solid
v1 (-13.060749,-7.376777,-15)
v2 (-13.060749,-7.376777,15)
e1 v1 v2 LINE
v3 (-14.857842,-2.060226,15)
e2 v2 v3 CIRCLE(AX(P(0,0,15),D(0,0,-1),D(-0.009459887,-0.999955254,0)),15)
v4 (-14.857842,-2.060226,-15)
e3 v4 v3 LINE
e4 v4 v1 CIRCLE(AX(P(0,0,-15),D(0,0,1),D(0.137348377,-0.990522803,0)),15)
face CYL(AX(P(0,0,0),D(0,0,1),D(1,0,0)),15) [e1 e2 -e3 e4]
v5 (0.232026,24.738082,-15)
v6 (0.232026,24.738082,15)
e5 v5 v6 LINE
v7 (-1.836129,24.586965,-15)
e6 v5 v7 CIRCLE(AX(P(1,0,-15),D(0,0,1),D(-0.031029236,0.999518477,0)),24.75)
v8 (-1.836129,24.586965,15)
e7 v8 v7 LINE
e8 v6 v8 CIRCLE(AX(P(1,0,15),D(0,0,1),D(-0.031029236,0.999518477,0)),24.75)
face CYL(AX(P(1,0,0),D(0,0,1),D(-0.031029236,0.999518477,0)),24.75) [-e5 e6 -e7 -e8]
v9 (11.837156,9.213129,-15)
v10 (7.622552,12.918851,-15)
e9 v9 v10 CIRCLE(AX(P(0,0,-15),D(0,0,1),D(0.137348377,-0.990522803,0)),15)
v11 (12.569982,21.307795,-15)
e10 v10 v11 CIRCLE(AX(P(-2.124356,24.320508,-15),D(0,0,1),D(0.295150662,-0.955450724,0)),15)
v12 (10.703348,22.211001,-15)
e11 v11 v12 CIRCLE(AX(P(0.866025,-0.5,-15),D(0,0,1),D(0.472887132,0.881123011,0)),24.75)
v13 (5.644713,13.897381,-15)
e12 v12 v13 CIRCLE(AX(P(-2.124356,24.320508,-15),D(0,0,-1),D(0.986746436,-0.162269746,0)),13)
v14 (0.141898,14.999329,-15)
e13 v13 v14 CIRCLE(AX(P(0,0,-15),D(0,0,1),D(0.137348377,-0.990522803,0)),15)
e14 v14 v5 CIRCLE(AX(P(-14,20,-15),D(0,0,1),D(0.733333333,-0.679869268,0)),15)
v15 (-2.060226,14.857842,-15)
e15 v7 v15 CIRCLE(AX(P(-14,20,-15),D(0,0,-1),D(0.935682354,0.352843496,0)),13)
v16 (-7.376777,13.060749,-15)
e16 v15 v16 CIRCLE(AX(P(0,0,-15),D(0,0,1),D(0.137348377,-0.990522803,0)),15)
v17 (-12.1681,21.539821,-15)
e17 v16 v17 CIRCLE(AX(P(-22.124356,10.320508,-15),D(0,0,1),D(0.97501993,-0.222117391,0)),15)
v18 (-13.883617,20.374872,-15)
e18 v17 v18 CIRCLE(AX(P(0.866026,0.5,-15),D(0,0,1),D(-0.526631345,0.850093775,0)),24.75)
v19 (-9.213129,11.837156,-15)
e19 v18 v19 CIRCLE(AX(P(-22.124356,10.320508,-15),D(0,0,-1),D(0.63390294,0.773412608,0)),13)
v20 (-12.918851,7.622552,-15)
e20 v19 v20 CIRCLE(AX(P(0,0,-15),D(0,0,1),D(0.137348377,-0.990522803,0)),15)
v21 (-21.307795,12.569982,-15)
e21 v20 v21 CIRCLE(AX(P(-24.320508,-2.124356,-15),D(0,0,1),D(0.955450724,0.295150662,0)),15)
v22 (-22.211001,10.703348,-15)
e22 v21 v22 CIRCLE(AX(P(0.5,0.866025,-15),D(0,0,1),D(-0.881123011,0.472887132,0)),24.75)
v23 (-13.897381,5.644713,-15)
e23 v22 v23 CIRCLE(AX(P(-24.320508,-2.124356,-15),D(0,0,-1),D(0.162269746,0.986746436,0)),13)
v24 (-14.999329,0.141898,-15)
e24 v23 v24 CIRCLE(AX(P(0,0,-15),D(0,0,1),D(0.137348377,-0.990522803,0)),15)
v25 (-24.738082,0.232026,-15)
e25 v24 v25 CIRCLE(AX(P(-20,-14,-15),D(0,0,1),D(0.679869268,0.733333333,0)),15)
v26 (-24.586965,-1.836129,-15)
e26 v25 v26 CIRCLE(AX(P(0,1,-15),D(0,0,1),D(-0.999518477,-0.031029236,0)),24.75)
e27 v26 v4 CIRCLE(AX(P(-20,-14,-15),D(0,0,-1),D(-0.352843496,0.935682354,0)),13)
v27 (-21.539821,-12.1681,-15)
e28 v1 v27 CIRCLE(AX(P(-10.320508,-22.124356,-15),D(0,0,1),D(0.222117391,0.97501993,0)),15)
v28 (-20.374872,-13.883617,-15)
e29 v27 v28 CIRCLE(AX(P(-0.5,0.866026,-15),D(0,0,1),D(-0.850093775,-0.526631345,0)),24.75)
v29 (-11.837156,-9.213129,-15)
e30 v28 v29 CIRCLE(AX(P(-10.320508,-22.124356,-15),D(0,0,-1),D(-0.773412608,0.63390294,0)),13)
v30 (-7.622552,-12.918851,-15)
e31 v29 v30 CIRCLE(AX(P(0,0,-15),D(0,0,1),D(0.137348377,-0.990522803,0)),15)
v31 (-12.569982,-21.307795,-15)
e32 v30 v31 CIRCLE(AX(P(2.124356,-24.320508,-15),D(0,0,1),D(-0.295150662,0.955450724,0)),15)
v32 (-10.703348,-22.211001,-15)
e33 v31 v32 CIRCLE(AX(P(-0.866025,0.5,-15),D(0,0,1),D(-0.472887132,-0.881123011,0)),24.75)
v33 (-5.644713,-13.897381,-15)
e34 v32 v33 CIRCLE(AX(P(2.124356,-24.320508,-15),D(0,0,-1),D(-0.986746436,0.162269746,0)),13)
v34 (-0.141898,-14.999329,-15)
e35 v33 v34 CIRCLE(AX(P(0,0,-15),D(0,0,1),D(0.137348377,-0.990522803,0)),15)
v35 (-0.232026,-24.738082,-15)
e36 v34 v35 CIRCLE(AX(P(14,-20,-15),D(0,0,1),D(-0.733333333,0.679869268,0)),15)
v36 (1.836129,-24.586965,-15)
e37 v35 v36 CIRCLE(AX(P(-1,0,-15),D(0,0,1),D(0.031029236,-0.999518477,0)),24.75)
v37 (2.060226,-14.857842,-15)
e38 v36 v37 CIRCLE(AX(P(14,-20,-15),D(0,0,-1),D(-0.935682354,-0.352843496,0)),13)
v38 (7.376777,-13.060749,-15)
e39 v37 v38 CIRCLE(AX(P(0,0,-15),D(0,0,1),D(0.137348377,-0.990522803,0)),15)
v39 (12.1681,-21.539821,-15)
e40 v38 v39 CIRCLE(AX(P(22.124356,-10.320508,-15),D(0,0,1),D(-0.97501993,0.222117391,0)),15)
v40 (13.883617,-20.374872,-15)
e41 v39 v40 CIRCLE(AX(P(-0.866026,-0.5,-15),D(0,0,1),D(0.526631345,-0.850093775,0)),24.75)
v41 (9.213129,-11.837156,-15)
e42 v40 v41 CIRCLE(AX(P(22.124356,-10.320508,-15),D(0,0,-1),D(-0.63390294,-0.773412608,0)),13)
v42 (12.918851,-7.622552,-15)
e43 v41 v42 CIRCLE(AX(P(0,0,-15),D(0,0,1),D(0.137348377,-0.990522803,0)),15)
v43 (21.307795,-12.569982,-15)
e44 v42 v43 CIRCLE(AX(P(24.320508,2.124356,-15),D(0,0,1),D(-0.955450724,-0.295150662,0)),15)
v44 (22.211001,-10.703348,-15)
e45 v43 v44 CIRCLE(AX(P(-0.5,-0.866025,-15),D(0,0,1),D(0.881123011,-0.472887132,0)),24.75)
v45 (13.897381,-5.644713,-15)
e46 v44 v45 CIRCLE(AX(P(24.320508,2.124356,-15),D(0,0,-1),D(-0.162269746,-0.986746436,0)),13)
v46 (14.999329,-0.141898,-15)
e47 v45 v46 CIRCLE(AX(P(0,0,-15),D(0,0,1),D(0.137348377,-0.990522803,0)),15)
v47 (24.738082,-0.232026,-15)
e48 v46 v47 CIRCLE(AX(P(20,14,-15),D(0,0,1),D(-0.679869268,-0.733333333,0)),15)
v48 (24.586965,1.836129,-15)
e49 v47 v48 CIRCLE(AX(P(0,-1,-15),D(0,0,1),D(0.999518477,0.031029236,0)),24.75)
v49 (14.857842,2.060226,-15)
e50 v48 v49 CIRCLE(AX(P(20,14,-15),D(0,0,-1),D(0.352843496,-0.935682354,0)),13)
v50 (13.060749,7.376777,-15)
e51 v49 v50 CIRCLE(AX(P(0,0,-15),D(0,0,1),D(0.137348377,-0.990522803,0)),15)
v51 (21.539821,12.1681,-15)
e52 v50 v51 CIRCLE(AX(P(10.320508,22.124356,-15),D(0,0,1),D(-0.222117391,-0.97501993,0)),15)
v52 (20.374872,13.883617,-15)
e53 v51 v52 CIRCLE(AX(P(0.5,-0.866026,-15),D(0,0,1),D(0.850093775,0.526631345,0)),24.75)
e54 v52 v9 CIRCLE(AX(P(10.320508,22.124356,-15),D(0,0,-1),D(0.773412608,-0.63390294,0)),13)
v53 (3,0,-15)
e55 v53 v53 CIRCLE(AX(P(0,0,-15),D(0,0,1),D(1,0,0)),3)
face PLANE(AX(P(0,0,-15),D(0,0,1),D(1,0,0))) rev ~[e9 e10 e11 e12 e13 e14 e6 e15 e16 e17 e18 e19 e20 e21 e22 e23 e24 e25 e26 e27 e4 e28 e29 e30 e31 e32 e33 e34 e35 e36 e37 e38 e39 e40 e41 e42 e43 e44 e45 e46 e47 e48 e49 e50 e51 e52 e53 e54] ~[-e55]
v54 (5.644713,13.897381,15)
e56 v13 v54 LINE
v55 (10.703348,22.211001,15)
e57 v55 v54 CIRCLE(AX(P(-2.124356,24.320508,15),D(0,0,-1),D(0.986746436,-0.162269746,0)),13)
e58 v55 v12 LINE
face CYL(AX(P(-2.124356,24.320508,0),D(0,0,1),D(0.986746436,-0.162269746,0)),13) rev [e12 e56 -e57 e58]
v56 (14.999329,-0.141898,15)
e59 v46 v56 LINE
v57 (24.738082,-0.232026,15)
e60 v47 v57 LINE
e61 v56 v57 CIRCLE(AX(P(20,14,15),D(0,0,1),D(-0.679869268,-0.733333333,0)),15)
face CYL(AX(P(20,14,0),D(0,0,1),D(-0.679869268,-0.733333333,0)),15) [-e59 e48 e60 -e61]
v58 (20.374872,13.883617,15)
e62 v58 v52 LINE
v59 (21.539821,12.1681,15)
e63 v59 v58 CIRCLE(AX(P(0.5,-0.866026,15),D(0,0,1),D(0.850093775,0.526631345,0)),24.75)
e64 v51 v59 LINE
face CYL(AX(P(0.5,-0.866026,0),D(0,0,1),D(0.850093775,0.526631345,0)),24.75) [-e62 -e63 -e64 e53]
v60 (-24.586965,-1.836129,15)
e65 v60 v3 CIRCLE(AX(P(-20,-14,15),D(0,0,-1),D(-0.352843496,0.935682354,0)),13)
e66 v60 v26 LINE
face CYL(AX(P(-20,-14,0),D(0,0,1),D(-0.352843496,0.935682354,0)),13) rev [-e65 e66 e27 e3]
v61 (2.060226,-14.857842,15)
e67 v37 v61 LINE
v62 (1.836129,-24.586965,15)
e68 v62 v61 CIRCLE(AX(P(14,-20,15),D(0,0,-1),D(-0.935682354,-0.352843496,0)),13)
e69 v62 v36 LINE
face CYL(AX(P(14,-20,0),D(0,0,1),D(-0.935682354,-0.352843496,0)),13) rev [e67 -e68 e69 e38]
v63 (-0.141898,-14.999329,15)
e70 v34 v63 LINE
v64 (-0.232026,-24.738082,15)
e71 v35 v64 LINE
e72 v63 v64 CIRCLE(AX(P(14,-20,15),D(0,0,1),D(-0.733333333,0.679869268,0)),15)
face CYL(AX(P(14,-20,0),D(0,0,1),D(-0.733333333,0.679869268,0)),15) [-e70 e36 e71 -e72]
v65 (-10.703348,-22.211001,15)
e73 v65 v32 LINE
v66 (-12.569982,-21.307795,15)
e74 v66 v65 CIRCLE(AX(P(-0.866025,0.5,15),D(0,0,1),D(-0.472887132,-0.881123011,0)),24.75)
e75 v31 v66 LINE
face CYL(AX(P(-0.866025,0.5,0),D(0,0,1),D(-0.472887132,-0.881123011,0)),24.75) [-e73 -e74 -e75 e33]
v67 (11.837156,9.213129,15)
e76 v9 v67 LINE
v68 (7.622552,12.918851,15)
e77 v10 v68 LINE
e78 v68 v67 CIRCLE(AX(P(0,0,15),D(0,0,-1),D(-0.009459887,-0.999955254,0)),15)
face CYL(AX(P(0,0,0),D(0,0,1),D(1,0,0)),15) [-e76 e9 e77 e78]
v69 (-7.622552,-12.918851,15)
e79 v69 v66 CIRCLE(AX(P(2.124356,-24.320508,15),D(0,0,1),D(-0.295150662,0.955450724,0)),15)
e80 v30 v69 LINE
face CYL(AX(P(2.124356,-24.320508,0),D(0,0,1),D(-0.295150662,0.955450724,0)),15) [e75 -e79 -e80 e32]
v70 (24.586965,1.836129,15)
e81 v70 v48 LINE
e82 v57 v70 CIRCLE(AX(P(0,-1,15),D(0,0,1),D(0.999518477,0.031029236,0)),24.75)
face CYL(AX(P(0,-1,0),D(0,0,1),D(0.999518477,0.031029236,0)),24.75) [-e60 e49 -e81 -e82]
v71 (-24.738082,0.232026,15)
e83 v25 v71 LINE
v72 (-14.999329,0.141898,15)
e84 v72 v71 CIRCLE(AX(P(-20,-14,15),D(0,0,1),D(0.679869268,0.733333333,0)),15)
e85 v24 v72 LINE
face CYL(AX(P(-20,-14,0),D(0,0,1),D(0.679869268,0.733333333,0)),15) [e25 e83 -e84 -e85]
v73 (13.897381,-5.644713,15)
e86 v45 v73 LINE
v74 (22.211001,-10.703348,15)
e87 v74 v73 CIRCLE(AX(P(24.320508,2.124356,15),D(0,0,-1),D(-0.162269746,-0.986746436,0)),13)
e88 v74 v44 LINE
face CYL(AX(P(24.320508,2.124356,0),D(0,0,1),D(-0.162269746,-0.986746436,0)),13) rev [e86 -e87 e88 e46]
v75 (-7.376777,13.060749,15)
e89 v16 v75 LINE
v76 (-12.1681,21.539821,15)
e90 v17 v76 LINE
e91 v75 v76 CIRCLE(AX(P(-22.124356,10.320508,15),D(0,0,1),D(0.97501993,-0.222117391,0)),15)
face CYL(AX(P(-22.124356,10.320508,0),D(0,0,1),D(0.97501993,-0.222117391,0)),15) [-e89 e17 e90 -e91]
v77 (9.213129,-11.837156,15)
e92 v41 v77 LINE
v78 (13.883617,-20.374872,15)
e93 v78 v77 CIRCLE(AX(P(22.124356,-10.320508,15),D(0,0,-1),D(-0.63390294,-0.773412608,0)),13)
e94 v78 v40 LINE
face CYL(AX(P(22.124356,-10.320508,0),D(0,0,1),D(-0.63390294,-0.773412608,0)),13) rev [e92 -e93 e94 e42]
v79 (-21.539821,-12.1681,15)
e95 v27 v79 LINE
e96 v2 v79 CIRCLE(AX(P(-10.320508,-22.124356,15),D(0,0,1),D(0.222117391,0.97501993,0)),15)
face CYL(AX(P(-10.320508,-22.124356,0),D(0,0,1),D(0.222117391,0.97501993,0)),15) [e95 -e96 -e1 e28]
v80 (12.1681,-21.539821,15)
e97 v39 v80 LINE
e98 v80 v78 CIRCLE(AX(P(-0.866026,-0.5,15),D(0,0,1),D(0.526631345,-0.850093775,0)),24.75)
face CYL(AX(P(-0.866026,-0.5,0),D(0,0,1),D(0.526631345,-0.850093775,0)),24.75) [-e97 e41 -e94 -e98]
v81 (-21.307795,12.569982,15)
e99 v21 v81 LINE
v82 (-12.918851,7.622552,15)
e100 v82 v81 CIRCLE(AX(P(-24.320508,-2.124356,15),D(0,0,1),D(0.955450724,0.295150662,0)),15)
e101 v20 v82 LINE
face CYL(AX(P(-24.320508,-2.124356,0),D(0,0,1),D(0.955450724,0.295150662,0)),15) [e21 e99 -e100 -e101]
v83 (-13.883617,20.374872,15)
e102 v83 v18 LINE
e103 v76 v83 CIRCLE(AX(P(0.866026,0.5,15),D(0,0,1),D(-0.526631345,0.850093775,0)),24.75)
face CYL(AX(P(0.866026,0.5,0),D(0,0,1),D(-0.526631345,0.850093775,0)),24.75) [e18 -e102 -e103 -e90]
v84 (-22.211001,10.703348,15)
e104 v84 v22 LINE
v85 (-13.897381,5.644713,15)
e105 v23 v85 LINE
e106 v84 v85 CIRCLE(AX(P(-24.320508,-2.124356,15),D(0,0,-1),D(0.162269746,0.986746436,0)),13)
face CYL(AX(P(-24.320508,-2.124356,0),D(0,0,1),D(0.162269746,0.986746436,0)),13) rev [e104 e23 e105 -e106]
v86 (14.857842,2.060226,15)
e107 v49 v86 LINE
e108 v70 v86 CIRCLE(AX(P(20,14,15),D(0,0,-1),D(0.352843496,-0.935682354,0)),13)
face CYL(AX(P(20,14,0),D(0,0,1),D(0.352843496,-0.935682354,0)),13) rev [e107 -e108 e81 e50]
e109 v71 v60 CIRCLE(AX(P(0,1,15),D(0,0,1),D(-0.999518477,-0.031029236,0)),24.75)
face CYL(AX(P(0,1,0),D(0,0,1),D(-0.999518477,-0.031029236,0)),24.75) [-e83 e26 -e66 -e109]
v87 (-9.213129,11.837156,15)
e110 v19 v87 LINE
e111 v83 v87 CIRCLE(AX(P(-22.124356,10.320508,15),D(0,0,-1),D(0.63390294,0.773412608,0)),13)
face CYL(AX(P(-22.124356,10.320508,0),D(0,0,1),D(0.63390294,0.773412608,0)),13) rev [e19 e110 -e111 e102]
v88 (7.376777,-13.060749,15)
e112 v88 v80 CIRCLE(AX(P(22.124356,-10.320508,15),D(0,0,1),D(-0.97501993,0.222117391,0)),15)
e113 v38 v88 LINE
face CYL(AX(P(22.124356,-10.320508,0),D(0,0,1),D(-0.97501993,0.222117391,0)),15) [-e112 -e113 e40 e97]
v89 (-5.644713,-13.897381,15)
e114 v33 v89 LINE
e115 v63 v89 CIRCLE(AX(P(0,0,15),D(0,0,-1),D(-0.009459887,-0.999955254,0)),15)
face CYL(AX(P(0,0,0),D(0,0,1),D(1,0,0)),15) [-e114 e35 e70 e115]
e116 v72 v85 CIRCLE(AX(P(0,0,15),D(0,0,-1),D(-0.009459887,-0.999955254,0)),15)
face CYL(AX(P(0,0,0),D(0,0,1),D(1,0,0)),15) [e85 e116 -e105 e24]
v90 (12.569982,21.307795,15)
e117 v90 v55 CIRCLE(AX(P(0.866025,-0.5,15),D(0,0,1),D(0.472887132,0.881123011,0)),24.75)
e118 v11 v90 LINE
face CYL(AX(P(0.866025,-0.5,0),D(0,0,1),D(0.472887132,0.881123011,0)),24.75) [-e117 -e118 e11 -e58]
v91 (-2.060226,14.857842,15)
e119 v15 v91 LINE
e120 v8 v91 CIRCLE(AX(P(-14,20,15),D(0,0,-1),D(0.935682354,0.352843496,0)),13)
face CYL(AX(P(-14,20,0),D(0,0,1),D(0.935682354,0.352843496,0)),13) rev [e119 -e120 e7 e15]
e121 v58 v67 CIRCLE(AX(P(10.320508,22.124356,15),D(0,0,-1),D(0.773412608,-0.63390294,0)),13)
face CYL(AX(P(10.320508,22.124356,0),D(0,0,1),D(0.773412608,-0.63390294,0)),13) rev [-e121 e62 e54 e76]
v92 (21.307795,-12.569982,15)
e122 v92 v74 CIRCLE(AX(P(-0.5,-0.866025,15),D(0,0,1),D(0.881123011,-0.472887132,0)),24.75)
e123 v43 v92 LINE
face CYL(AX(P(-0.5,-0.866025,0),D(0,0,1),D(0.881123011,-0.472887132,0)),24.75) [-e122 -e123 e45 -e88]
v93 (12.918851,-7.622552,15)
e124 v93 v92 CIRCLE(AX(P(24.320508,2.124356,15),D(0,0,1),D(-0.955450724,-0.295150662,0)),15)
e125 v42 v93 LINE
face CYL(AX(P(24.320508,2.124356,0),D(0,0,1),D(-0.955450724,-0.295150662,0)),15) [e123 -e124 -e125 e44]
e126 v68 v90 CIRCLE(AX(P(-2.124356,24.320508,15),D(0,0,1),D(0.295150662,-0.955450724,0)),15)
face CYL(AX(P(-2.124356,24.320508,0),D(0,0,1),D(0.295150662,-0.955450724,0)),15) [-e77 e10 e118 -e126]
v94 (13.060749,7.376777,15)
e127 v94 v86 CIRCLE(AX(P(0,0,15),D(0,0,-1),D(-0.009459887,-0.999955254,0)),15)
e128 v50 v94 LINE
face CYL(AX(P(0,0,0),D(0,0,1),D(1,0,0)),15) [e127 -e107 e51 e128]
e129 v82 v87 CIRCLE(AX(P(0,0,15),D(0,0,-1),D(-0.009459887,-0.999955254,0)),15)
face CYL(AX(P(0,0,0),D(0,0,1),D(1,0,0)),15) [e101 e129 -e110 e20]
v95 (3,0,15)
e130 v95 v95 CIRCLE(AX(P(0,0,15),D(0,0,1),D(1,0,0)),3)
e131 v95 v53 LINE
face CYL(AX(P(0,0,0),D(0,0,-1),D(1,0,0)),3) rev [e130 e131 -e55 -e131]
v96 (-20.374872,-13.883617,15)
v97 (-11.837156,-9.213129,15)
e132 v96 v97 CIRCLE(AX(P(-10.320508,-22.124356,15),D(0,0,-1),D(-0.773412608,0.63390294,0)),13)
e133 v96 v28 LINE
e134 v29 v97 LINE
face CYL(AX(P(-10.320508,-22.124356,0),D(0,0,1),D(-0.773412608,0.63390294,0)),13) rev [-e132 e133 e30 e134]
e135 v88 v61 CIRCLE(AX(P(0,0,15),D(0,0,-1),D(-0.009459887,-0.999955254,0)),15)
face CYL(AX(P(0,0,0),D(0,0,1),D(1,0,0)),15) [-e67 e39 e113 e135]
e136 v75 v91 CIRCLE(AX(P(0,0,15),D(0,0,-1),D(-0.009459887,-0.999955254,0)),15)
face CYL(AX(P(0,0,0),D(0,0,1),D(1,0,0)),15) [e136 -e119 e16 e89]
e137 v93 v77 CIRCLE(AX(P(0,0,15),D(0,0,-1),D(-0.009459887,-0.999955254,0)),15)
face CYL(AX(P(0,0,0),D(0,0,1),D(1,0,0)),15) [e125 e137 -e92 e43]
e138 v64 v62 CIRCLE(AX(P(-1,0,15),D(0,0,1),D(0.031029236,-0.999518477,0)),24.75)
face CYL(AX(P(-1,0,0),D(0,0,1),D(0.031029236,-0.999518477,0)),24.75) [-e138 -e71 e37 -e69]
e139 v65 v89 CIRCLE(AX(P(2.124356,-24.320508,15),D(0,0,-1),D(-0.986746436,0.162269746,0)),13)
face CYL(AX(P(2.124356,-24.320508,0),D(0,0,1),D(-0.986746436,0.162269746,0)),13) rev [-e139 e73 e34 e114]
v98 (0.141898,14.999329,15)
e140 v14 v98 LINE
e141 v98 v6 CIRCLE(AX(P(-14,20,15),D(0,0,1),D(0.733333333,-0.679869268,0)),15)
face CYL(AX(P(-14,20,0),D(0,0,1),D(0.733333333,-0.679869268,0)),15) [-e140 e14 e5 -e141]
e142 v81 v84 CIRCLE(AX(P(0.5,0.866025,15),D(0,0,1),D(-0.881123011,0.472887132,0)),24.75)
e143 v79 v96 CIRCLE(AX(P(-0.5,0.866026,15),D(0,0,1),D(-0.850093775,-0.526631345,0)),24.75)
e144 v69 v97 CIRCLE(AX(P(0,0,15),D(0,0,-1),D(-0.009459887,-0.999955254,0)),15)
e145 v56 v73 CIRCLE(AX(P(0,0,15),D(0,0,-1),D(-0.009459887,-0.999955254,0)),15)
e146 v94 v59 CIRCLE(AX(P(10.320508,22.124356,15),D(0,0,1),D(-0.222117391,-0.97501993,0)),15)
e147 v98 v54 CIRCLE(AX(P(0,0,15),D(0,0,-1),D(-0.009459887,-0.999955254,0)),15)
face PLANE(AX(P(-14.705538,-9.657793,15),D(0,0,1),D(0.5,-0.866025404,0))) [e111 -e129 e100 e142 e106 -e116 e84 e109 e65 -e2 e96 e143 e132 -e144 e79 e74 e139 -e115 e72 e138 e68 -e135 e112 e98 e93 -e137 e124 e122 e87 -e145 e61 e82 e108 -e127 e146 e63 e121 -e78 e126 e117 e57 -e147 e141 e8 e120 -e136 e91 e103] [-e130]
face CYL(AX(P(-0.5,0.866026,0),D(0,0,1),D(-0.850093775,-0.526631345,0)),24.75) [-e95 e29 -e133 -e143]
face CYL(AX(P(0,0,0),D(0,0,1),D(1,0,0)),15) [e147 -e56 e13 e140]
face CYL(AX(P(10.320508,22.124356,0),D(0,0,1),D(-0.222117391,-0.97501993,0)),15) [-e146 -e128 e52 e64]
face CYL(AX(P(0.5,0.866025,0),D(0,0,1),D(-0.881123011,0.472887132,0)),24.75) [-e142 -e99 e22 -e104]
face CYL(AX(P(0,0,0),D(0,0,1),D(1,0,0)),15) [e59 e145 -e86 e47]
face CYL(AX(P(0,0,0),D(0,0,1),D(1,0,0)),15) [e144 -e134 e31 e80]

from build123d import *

# Parameters (mm, degrees)
BOSS_EXTRUDE1_DEPTH = 15
SKETCH6_R           = 15
SKETCH6_R_2         = 3
BOSS_EXTRUDE3_DEPTH = 15
CIRPATTERN3_COUNT   = 12


with BuildPart() as part:
    # Sketch1 → Boss-Extrude1 (new body, symmetric)
    with BuildSketch(Plane.XY):
        with BuildLine():
            Line((3, -13.07179677), (3, -9.801960973))
            ThreePointArc((3, -9.801960973), (-0.660686187, -16.827574978), (-0.232026419, -24.738082314))
            ThreePointArc((-0.232026419, -24.738082314), (0.803634844, -24.68419335), (1.8361294, -24.58696545))
            ThreePointArc((1.8361294, -24.58696545), (1.065897684, -18.692713773), (3, -13.07179677))
        make_face()
    boss_extrude1 = extrude(amount=BOSS_EXTRUDE1_DEPTH, both=True)

    # Sketch6 → Boss-Extrude3 (add, symmetric)
    with BuildSketch(Plane.XY):
        Circle(SKETCH6_R)
        Circle(SKETCH6_R_2, mode=Mode.SUBTRACT)
    extrude(amount=BOSS_EXTRUDE3_DEPTH, both=True)

    # CirPattern3: Boss-Extrude1 ×12 about axis
    cirpattern3_axis = Axis((0, 0, 0), (0, 0, 1))
    for i in range(1, CIRPATTERN3_COUNT):
        add(boss_extrude1.rotate(cirpattern3_axis, i * 360 / CIRPATTERN3_COUNT))


solid = part.part
